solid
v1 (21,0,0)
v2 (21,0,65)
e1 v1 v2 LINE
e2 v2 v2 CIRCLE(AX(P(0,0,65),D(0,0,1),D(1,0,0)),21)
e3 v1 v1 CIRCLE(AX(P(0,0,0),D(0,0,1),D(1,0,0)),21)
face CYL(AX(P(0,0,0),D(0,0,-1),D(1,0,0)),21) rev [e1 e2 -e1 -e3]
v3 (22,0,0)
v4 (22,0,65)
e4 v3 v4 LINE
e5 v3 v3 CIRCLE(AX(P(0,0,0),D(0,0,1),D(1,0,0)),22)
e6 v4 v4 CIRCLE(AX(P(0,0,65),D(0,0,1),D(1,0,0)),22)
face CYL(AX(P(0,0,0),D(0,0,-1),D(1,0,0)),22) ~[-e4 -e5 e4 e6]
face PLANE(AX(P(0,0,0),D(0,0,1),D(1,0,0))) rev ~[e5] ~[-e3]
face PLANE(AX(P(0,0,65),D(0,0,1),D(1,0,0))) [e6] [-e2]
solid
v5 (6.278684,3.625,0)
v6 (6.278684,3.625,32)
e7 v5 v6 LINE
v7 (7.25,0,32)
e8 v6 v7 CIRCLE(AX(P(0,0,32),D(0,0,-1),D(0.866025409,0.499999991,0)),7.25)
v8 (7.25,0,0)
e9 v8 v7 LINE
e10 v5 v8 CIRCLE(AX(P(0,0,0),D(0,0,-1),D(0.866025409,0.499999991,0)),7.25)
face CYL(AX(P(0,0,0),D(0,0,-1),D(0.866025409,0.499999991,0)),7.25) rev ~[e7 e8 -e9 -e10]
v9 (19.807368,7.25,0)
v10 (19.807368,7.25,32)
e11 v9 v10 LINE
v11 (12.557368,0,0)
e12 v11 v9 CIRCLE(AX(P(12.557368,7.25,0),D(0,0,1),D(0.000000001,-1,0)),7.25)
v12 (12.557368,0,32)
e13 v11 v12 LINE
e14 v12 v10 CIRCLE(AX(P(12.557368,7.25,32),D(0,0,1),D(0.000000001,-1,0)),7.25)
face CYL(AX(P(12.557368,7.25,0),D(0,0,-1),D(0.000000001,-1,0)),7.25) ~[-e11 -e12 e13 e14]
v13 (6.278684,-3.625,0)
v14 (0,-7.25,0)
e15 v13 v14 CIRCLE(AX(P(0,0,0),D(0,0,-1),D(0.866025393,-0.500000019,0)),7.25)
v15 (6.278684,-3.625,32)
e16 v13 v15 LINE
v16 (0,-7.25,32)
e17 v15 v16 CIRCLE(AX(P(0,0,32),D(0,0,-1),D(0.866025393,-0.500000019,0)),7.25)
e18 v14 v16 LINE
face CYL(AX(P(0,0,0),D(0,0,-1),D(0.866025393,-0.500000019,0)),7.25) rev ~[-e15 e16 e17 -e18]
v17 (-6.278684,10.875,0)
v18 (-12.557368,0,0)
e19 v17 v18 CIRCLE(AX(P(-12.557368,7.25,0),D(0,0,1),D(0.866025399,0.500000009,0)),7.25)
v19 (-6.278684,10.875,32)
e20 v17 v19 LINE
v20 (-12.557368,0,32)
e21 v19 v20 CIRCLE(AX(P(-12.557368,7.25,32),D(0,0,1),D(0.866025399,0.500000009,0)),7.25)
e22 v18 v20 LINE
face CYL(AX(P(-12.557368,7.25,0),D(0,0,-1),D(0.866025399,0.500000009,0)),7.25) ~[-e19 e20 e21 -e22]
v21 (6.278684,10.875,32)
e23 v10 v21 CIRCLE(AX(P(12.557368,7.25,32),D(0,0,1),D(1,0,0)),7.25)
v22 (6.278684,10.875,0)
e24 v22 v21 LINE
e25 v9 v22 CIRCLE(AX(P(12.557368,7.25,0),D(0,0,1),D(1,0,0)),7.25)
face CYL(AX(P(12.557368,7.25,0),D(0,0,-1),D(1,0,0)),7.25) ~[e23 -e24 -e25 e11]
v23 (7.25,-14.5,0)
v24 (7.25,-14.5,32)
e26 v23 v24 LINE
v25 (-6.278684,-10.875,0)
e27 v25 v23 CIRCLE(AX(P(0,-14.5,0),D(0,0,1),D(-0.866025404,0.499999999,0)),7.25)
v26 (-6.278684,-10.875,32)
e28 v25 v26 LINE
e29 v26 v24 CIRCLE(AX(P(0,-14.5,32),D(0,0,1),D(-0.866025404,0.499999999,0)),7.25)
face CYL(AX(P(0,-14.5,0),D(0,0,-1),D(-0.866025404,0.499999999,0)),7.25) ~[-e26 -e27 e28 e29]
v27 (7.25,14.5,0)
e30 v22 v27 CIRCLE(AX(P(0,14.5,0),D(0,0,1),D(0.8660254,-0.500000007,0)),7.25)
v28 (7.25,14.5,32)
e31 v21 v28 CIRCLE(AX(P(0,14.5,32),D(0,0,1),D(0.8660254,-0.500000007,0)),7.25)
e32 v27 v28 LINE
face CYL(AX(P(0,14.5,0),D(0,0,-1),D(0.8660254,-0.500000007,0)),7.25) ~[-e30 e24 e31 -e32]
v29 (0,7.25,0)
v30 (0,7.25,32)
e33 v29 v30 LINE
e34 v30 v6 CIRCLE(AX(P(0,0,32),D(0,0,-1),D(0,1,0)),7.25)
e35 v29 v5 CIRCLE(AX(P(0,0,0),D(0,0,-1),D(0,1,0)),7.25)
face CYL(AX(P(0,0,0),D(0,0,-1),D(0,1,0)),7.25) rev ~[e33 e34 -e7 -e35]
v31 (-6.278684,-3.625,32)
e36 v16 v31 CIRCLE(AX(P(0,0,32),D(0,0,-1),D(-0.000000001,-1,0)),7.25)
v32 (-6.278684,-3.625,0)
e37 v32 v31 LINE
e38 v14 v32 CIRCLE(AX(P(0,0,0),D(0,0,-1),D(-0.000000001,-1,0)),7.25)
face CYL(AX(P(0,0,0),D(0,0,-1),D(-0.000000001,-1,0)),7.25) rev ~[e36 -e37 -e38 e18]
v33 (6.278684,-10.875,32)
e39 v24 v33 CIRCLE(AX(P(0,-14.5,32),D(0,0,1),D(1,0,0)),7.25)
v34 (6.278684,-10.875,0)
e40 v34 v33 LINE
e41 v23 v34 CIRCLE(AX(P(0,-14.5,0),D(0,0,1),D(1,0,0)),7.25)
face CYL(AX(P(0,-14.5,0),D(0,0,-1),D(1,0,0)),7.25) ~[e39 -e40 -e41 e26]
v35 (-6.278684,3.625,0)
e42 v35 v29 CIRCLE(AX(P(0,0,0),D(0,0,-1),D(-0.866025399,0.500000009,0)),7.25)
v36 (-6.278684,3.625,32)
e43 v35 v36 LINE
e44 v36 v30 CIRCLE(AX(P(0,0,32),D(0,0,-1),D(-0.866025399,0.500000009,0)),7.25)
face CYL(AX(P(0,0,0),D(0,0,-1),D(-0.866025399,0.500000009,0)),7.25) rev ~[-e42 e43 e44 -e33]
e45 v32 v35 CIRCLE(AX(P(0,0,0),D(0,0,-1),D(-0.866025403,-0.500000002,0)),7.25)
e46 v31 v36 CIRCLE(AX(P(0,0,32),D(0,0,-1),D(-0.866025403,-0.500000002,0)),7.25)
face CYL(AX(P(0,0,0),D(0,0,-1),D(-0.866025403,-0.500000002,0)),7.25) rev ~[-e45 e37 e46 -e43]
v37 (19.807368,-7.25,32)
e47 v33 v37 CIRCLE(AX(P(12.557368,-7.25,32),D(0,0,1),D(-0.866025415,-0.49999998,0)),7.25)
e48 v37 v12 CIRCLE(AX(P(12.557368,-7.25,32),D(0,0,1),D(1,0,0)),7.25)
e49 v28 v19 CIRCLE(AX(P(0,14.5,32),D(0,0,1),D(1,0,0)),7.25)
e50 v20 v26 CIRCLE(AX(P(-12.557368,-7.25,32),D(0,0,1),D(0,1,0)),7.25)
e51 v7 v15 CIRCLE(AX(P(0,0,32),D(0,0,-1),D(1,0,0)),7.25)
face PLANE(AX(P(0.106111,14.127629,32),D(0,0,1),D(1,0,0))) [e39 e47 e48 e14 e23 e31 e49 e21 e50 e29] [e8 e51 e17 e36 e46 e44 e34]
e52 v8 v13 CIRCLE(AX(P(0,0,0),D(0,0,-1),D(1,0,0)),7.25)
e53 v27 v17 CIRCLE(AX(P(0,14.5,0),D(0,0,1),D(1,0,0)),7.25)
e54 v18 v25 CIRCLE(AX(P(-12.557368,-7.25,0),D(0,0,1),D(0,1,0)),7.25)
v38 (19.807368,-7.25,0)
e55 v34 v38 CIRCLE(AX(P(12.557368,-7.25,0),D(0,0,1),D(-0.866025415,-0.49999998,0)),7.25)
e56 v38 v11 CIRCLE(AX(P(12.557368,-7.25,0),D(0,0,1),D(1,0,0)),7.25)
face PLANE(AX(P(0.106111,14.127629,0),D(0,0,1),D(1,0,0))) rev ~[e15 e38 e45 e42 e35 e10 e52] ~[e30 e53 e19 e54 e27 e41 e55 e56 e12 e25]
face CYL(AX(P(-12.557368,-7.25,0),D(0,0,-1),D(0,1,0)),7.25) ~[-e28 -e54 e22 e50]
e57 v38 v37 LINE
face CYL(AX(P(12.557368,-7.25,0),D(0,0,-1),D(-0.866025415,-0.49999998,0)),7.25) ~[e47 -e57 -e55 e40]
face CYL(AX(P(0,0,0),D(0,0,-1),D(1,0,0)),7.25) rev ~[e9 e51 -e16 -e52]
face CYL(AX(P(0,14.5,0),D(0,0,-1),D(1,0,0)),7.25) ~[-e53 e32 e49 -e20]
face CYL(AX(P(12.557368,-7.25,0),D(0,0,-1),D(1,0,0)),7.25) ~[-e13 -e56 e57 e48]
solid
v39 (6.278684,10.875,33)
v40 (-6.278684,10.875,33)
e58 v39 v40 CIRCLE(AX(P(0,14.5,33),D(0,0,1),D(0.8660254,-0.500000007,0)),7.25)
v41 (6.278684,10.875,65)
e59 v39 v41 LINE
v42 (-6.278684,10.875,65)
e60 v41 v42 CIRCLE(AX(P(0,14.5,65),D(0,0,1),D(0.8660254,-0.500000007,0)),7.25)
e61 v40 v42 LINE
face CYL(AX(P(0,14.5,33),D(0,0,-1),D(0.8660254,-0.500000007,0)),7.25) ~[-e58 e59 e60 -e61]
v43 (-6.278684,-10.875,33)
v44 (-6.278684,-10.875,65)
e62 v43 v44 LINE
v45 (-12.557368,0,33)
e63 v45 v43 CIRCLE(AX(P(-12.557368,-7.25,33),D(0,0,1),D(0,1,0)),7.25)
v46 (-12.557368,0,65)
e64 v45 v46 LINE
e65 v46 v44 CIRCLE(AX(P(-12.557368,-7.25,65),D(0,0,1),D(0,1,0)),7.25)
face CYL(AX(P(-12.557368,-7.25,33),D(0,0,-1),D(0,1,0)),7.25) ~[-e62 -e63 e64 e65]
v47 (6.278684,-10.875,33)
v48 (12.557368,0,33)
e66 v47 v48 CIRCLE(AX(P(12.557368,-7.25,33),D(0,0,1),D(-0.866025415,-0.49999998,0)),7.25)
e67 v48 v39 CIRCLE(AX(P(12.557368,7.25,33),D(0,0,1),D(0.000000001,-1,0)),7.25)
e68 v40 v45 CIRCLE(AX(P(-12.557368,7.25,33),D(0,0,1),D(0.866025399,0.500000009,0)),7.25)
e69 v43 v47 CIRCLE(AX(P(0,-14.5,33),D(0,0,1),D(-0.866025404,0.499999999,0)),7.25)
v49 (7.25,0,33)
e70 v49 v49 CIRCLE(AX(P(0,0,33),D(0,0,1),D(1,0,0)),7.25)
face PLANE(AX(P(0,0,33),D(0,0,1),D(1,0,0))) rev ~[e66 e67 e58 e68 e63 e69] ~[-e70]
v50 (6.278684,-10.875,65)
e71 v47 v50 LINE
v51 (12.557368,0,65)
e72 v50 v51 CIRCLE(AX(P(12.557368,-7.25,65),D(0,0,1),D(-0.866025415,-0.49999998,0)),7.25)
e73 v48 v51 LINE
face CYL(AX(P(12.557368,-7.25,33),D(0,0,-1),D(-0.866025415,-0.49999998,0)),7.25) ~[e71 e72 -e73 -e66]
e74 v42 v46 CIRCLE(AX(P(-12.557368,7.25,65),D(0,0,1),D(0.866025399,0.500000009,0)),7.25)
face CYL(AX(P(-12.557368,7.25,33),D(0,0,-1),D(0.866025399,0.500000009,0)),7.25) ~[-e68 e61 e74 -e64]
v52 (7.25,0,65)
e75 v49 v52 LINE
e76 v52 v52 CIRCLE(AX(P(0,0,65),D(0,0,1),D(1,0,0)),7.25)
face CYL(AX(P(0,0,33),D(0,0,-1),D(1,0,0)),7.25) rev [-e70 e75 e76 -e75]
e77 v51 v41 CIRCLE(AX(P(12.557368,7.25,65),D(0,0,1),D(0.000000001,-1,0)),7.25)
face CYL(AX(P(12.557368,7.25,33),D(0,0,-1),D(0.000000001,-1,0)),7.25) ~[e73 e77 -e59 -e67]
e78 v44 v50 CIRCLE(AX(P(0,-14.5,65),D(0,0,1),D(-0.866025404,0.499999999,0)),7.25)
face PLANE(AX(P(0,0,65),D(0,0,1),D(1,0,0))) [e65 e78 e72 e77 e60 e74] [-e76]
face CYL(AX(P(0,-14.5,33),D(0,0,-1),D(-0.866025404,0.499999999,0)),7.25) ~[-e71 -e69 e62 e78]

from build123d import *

# Parameters (mm, degrees)
F1_DEPTH  = 32
F2_START  = 1
F1_FACE_R = 7.25
F2_DEPTH  = 32
F3_R      = 22
F3_R_2    = 21
F4_DEPTH  = 65


with BuildPart() as f1:
    # F0 (on Top) → F1 (new body)
    with BuildSketch(Plane.XY):
        with BuildLine():
            ThreePointArc((6.278684147, 10.8749999472), (7.0029622327, 12.6235618936), (7.25, 14.5))
            ThreePointArc((7.25, 14.5), (-1.8764380406, 21.5029622503), (-6.2786842151, 10.8750000652))
            ThreePointArc((-6.2786842151, 10.8750000652), (-3.6250000326, 8.2213158414), (0, 7.25))
            ThreePointArc((0, 7.25), (3.6249999736, 8.2213158073), (6.278684147, 10.8749999472))
        make_face()
        with BuildLine():
            ThreePointArc((0, 7.25), (-3.6250000326, 8.2213158414), (-6.2786842151, 10.8750000652))
            ThreePointArc((-6.2786842151, 10.8750000652), (-5.554406124, 9.1264381133), (-5.3073683549, 7.25))
            ThreePointArc((-5.3073683549, 7.25), (-5.5544061045, 5.3735619594), (-6.2786841398, 3.6250000652))
            ThreePointArc((-6.2786841398, 3.6250000652), (-3.6249999674, 6.2786841963), (0, 7.25))
        make_face()
        with BuildLine():
            ThreePointArc((-5.3073683549, 7.25), (-5.554406124, 9.1264381133), (-6.2786842151, 10.8750000652))
            ThreePointArc((-6.2786842151, 10.8750000652), (-18.8360525511, 10.8749999674), (-12.5573683549, 0))
            ThreePointArc((-12.5573683549, 0), (-8.9323683223, 0.9713158414), (-6.2786841398, 3.6250000652))
            ThreePointArc((-6.2786841398, 3.6250000652), (-5.5544061045, 5.3735619594), (-5.3073683549, 7.25))
        make_face()
        with BuildLine():
            ThreePointArc((6.278684216, 3.6249999331), (5.3073683549, 7.2499999309), (6.278684147, 10.8749999472))
            ThreePointArc((6.278684147, 10.8749999472), (3.6249999736, 8.2213158073), (0, 7.25))
            ThreePointArc((0, 7.25), (3.6250000334, 6.2786841581), (6.278684216, 3.6249999331))
        make_face()
        with BuildLine():
            ThreePointArc((19.8073683549, 7.25), (14.4338064024, 14.2529622485), (6.278684147, 10.8749999472))
            ThreePointArc((6.278684147, 10.8749999472), (5.3073683549, 7.2499999309), (6.278684216, 3.6249999331))
            ThreePointArc((6.278684216, 3.6249999331), (8.932368391, 0.9713158017), (12.557368361, 0))
            ThreePointArc((12.557368361, 0), (17.6838925206, 2.1234758386), (19.8073683549, 7.25))
        make_face()
        with BuildLine():
            ThreePointArc((-6.2786841398, 3.6250000652), (-8.9323683223, 0.9713158414), (-12.5573683549, 0))
            ThreePointArc((-12.5573683549, 0), (-8.9323683494, -0.9713158258), (-6.2786841711, -3.625000011))
            ThreePointArc((-6.2786841711, -3.625000011), (-7.25, 3.13e-08), (-6.2786841398, 3.6250000652))
        make_face()
        with BuildLine():
            ThreePointArc((-6.2786841711, -3.625000011), (-8.9323683494, -0.9713158258), (-12.5573683549, 0))
            ThreePointArc((-12.5573683549, 0), (-18.8360525345, -10.8749999961), (-6.2786841819, -10.8750000077))
            ThreePointArc((-6.2786841819, -10.8750000077), (-5.5544061154, -9.1264380813), (-5.3073683549, -7.25))
            ThreePointArc((-5.3073683549, -7.25), (-5.5544061126, -5.3735619292), (-6.2786841711, -3.625000011))
        make_face()
        with BuildLine():
            ThreePointArc((12.557368361, 0), (8.932368391, 0.9713158017), (6.278684216, 3.6249999331))
            ThreePointArc((6.278684216, 3.6249999331), (7.0029622506, 1.8764380397), (7.25, 0))
            ThreePointArc((7.25, 0), (7.0029622201, -1.8764381537), (6.2786840981, -3.6250001375))
            ThreePointArc((6.2786840981, -3.6250001375), (8.9323682888, -0.9713158607), (12.557368361, 0))
        make_face()
        with BuildLine():
            ThreePointArc((-9.9e-09, -7.25), (-3.6249999988, -6.2786841781), (-6.2786841711, -3.625000011))
            ThreePointArc((-6.2786841711, -3.625000011), (-5.5544061126, -5.3735619292), (-5.3073683549, -7.25))
            ThreePointArc((-5.3073683549, -7.25), (-5.5544061154, -9.1264380813), (-6.2786841819, -10.8750000077))
            ThreePointArc((-6.2786841819, -10.8750000077), (-3.6250000082, -8.2213158273), (-9.9e-09, -7.25))
        make_face()
        with BuildLine():
            ThreePointArc((-9.9e-09, -7.25), (-3.6250000082, -8.2213158273), (-6.2786841819, -10.8750000077))
            ThreePointArc((-6.2786841819, -10.8750000077), (-1.8764380727, -21.5029622417), (7.25, -14.5))
            ThreePointArc((7.25, -14.5), (7.0029622192, -12.6235618433), (6.278684095, -10.8749998571))
            ThreePointArc((6.278684095, -10.8749998571), (3.6249999243, -8.2213157788), (-9.9e-09, -7.25))
        make_face()
        with BuildLine():
            ThreePointArc((19.8073683549, -7.25), (17.6838925206, -2.1234758386), (12.557368361, 0))
            ThreePointArc((12.557368361, 0), (8.9323682888, -0.9713158607), (6.2786840981, -3.6250001375))
            ThreePointArc((6.2786840981, -3.6250001375), (5.3073683549, -7.2499999969), (6.278684095, -10.8749998571))
            ThreePointArc((6.278684095, -10.8749998571), (14.4338063522, -14.2529622619), (19.8073683549, -7.25))
        make_face()
        with BuildLine():
            ThreePointArc((6.2786840981, -3.6250001375), (3.624999927, -6.2786842196), (-9.9e-09, -7.25))
            ThreePointArc((-9.9e-09, -7.25), (3.6249999243, -8.2213157788), (6.278684095, -10.8749998571))
            ThreePointArc((6.278684095, -10.8749998571), (5.3073683549, -7.2499999969), (6.2786840981, -3.6250001375))
        make_face()
    extrude(amount=F1_DEPTH)


with BuildPart() as f2:
    # F1_face (on face) → F2 (new body)
    with BuildSketch(Plane.XY.offset(32).offset(F2_START)):
        with BuildLine():
            ThreePointArc((-6.2786841819, -10.8750000077), (8.69e-08, -21.75), (6.278684095, -10.8749998571))
            ThreePointArc((6.278684095, -10.8749998571), (18.8360524895, -10.8750000741), (12.557368361, 0))
            ThreePointArc((12.557368361, 0), (18.8360525155, 10.875000029), (6.278684147, 10.8749999472))
            ThreePointArc((6.278684147, 10.8749999472), (6.81e-08, 21.75), (-6.2786842151, 10.8750000652))
            ThreePointArc((-6.2786842151, 10.8750000652), (-18.8360525511, 10.8749999674), (-12.5573683549, 0))
            ThreePointArc((-12.5573683549, 0), (-18.8360525345, -10.8749999961), (-6.2786841819, -10.8750000077))
        make_face()
        Circle(F1_FACE_R, mode=Mode.SUBTRACT)
    extrude(amount=F2_DEPTH)


with BuildPart() as f4:
    # F3 (on Top) → F4 (new body)
    with BuildSketch(Plane.XY):
        Circle(F3_R)
        Circle(F3_R_2, mode=Mode.SUBTRACT)
    extrude(amount=F4_DEPTH)


solid = Compound([f1.part, f2.part, f4.part])
